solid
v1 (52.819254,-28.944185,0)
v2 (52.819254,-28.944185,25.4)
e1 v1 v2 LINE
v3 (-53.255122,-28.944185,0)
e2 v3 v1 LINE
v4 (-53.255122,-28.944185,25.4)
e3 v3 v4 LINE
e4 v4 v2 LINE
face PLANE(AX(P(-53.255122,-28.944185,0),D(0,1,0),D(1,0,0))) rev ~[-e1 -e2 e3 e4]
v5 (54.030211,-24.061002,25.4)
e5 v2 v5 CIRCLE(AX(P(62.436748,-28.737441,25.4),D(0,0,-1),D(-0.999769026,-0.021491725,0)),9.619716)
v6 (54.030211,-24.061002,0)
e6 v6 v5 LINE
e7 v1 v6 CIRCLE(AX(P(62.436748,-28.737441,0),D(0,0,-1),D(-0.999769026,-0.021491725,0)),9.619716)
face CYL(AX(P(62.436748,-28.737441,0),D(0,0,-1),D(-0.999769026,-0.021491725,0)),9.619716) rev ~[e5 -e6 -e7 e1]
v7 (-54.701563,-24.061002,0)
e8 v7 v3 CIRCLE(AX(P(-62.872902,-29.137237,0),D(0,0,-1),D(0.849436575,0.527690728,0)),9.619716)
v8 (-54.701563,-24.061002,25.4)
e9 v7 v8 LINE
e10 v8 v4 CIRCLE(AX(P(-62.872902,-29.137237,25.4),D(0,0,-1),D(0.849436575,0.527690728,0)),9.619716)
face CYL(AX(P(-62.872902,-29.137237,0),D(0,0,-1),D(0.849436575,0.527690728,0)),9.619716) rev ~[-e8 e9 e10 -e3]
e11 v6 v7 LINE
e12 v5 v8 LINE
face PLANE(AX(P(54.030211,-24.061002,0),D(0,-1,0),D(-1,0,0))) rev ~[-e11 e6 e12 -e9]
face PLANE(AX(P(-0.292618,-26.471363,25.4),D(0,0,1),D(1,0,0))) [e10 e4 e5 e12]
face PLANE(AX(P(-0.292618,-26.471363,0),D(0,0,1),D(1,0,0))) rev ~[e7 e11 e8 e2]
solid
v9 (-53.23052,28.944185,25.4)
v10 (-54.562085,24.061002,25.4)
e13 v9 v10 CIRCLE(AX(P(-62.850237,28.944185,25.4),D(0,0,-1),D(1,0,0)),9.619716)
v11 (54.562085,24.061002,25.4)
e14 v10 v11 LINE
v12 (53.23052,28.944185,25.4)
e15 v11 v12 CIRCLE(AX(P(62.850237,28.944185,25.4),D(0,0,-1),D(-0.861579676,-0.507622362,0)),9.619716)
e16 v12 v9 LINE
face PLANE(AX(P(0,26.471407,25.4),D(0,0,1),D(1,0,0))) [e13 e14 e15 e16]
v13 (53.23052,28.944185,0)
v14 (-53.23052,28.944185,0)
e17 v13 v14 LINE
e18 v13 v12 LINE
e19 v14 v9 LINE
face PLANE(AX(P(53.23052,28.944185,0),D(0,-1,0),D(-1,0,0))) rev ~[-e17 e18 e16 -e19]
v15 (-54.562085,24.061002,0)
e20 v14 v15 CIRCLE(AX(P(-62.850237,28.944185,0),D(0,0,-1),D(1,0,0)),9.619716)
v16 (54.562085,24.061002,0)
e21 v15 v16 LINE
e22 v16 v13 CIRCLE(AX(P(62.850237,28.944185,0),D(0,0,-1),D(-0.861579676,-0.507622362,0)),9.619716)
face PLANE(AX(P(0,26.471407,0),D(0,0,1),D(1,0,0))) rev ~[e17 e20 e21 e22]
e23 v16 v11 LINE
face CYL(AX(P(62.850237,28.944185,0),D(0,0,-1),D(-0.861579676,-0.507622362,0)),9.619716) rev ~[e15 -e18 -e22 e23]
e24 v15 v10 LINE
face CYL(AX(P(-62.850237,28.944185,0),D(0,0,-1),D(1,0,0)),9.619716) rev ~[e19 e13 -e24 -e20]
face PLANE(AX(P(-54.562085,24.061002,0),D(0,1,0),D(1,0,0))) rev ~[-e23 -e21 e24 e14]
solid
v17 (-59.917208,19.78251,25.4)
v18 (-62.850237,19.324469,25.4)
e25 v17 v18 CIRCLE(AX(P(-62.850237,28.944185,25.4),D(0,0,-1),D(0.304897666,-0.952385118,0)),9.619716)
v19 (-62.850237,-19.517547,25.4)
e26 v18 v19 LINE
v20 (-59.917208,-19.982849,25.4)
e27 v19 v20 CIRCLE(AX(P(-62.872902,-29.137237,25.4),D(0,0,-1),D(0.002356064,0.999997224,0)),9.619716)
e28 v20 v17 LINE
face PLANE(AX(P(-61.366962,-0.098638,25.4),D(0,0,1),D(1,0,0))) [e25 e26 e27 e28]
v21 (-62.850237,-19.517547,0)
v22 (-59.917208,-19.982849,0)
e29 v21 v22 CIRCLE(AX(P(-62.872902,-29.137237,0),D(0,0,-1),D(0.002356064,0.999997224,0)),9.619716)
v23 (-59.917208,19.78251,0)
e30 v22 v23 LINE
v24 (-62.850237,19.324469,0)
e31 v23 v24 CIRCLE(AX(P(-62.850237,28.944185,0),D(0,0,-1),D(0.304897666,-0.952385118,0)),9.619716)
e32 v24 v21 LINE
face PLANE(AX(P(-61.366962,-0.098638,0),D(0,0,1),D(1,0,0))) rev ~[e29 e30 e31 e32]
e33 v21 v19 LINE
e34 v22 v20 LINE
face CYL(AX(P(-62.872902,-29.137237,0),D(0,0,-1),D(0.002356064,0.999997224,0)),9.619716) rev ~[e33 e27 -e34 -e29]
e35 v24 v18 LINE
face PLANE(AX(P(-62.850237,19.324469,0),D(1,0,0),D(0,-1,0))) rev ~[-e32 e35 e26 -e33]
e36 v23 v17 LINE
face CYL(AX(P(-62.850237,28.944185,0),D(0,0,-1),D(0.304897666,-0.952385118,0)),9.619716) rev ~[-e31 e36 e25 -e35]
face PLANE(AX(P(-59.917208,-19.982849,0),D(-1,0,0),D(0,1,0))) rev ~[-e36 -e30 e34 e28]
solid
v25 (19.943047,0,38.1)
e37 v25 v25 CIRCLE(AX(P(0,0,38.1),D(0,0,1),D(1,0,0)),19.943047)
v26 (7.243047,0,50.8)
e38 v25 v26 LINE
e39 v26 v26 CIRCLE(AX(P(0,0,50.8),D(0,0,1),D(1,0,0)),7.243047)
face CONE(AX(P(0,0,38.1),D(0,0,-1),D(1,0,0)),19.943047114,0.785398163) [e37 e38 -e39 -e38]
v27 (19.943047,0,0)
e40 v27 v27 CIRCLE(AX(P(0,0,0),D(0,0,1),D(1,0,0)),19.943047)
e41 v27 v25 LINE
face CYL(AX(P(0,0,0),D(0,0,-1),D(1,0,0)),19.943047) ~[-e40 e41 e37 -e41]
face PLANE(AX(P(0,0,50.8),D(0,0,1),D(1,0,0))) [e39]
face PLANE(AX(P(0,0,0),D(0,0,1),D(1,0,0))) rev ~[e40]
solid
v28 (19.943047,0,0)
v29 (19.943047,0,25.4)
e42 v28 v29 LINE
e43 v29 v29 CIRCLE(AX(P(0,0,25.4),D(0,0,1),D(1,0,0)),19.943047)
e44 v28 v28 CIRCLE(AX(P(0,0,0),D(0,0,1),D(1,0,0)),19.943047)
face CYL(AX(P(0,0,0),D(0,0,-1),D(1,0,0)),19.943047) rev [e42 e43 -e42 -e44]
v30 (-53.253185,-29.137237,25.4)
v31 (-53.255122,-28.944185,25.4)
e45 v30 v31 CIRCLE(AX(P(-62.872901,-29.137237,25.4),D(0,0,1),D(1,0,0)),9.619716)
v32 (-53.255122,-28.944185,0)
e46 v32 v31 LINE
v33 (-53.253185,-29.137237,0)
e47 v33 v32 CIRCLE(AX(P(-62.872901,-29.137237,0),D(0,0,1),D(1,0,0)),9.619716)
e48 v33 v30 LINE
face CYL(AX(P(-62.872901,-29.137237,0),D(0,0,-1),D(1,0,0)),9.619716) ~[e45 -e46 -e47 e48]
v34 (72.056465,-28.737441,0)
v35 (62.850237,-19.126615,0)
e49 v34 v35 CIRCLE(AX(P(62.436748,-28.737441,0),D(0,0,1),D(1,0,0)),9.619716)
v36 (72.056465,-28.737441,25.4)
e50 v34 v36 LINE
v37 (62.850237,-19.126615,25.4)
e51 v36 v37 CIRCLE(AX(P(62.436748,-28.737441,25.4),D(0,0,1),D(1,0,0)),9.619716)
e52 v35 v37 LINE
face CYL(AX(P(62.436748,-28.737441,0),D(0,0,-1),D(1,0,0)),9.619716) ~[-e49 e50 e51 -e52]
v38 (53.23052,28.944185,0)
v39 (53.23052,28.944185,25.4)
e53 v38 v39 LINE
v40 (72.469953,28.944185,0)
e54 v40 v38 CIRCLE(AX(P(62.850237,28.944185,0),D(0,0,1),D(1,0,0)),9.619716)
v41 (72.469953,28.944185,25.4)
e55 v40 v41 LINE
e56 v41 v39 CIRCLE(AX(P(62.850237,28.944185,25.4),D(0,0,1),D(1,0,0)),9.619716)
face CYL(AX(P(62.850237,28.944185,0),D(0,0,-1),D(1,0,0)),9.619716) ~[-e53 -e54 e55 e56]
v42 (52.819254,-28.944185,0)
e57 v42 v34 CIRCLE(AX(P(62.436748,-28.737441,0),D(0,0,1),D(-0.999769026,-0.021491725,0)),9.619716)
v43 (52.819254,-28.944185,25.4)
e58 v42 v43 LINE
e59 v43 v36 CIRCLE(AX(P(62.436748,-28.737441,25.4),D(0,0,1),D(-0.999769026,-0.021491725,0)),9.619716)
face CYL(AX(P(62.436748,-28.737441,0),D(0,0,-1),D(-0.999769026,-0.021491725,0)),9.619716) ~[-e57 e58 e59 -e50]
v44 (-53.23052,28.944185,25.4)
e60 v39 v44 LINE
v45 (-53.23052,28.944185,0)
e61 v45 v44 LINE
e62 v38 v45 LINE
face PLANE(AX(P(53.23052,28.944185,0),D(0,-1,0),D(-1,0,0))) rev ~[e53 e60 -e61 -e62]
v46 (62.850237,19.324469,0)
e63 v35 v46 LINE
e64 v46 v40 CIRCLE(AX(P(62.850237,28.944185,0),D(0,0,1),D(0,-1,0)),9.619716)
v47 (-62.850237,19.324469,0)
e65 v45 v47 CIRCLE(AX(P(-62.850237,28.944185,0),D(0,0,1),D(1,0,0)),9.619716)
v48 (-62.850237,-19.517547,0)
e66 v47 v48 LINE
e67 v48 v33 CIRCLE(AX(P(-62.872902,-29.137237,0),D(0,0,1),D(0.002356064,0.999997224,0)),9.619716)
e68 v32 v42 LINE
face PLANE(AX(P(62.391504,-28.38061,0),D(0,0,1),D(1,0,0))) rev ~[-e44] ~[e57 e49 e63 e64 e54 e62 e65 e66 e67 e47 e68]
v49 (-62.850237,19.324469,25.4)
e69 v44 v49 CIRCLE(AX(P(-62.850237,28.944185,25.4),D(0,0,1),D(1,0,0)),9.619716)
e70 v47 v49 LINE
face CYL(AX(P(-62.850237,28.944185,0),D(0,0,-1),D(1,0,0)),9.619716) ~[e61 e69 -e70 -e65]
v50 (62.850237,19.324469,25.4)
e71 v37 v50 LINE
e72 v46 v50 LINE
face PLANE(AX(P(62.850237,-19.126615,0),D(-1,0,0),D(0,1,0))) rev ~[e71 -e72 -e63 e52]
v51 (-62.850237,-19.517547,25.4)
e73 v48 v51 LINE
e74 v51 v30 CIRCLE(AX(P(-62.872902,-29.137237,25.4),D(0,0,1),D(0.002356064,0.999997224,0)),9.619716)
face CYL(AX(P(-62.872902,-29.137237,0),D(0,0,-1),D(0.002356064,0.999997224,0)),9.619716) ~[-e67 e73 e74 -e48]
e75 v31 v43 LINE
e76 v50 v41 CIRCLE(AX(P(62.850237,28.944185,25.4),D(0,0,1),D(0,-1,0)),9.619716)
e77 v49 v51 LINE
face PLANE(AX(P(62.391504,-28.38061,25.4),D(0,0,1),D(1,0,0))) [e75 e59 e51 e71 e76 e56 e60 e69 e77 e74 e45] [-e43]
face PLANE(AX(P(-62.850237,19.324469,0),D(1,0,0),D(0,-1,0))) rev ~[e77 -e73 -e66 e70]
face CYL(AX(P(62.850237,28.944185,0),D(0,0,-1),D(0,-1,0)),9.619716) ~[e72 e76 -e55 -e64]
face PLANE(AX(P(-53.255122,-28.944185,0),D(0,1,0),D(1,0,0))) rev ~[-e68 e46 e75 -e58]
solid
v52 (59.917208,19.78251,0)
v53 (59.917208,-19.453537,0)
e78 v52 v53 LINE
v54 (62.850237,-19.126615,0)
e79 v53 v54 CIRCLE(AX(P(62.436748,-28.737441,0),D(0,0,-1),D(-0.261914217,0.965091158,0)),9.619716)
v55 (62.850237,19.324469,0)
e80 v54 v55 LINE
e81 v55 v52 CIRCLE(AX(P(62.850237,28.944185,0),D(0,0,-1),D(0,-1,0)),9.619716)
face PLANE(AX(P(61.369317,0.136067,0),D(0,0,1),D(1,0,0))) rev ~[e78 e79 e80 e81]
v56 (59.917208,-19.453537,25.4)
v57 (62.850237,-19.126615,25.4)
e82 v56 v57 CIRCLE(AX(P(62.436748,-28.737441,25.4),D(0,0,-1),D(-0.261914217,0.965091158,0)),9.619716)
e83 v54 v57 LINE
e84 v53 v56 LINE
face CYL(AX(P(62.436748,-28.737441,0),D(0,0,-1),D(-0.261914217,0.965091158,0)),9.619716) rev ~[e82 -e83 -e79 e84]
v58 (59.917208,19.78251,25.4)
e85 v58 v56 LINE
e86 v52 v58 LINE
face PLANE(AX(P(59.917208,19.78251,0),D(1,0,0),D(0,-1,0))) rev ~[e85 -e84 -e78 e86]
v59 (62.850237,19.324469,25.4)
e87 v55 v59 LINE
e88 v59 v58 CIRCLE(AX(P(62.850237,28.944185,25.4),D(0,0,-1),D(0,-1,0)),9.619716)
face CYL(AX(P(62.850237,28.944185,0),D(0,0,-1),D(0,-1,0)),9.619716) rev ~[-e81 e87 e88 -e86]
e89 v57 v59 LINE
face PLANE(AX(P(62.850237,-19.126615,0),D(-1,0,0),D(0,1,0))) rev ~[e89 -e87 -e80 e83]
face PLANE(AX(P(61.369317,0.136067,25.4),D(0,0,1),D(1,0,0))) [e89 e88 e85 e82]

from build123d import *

# Parameters (mm, degrees)
F1_DEPTH = 25.4
F0_R     = 19.9430471138
F2_DEPTH = 50.8
F3_SIZE  = 12.7
F4_DEPTH = 25.4


with BuildPart() as f1:
    # F0 (on Top) → F1 (new body)
    with BuildSketch(Plane.XY):
        with BuildLine():
            ThreePointArc((-59.9172078073, 19.7825102522), (-61.3659473506, 19.4396687918), (-62.8502368927, 19.3244685906))
            Line((-62.8502368927, 19.3244685906), (-62.8502368927, -19.5175472842))
            ThreePointArc((-62.8502368927, -19.5175472842), (-61.3656586606, -19.6363337398), (-59.9172078073, -19.9828490707))
            Line((-59.9172078073, -19.9828490707), (-59.9172078073, 19.7825102522))
        make_face()
    extrude(amount=F1_DEPTH)


with BuildPart() as f1b:
    # F0 (on Top) → F1, piece 2 (new body)
    with BuildSketch(Plane.XY):
        with BuildLine():
            ThreePointArc((52.8192537854, -28.9441850036), (53.0998431919, -26.4220256358), (54.0302113527, -24.0610018373))
            Line((54.0302113527, -24.0610018373), (-54.7015625949, -24.0610018373))
            ThreePointArc((-54.7015625949, -24.0610018373), (-53.6493149559, -26.4051326723), (-53.25512246, -28.9441850036))
            Line((-53.25512246, -28.9441850036), (52.8192537854, -28.9441850036))
        make_face()
    extrude(amount=F1_DEPTH)


with BuildPart() as f1c:
    # F0 (on Top) → F1, piece 3 (new body)
    with BuildSketch(Plane.XY):
        with BuildLine():
            Line((62.8502368927, -19.1266149839), (62.8502368927, 19.3244685906))
            ThreePointArc((62.8502368927, 19.3244685906), (61.3659473506, 19.4396687918), (59.9172078073, 19.7825102522))
            Line((59.9172078073, 19.7825102522), (59.9172078073, -19.4535374533))
            ThreePointArc((59.9172078073, -19.4535374533), (61.3711108257, -19.1769302248), (62.8502368927, -19.1266149839))
        make_face()
    extrude(amount=F1_DEPTH)


with BuildPart() as f1d:
    # F0 (on Top) → F1, piece 4 (new body)
    with BuildSketch(Plane.XY):
        with BuildLine():
            ThreePointArc((54.5620847446, 24.0610018373), (53.5693797901, 26.4134469083), (53.2305204797, 28.9441850036))
            Line((53.2305204797, 28.9441850036), (-53.2305204797, 28.9441850036))
            ThreePointArc((-53.2305204797, 28.9441850036), (-53.5693797901, 26.4134469083), (-54.5620847446, 24.0610018373))
            Line((-54.5620847446, 24.0610018373), (54.5620847446, 24.0610018373))
        make_face()
    extrude(amount=F1_DEPTH)


with BuildPart() as f2:
    # F0 (on Top) → F2 (new body)
    with BuildSketch(Plane.XY):
        Circle(F0_R)
    extrude(amount=F2_DEPTH)

    # F3
    f3_edges = [f2.edges().sort_by_distance(p)[0] for p in [
        (-19.943047, 0, 50.8),
    ]]
    chamfer(f3_edges, length=F3_SIZE)


with BuildPart() as f4:
    # F0 (on Top) → F4 (new body)
    with BuildSketch(Plane.XY):
        with BuildLine():
            ThreePointArc((72.056464709, -28.7374407053), (69.3835672409, -22.0830699301), (62.8502368927, -19.1266149839))
            ThreePointArc((62.8502368927, -19.1266149839), (61.3711108257, -19.1769302248), (59.9172078073, -19.4535374533))
            ThreePointArc((59.9172078073, -19.4535374533), (56.507838276, -21.1620219155), (54.0302113527, -24.0610018373))
            ThreePointArc((54.0302113527, -24.0610018373), (53.0998431919, -26.4220256358), (52.8192537854, -28.9441850036))
            ThreePointArc((52.8192537854, -28.9441850036), (62.5401264148, -38.3566016267), (72.056464709, -28.7374407053))
        make_face()
        with BuildLine():
            ThreePointArc((54.5620847446, 24.0610018373), (53.5693797901, 26.4134469083), (53.2305204797, 28.9441850036))
            Line((53.2305204797, 28.9441850036), (-53.2305204797, 28.9441850036))
            ThreePointArc((-53.2305204797, 28.9441850036), (-53.5693797901, 26.4134469083), (-54.5620847446, 24.0610018373))
            Line((-54.5620847446, 24.0610018373), (54.5620847446, 24.0610018373))
        make_face()
        with BuildLine():
            ThreePointArc((72.4699533057, 28.9441850036), (62.8502368927, 38.5639014166), (53.2305204797, 28.9441850036))
            ThreePointArc((53.2305204797, 28.9441850036), (53.5693797901, 26.4134469083), (54.5620847446, 24.0610018373))
            ThreePointArc((54.5620847446, 24.0610018373), (56.8456470125, 21.4286115567), (59.9172078073, 19.7825102522))
            ThreePointArc((59.9172078073, 19.7825102522), (61.3659473506, 19.4396687918), (62.8502368927, 19.3244685906))
            ThreePointArc((62.8502368927, 19.3244685906), (69.6524036014, 22.1420182949), (72.4699533057, 28.9441850036))
        make_face()
        with BuildLine():
            ThreePointArc((-54.5620847446, 24.0610018373), (-53.5693797901, 26.4134469083), (-53.2305204797, 28.9441850036))
            ThreePointArc((-53.2305204797, 28.9441850036), (-69.6524036014, 35.7463517124), (-62.8502368927, 19.3244685906))
            ThreePointArc((-62.8502368927, 19.3244685906), (-61.3659473506, 19.4396687918), (-59.9172078073, 19.7825102522))
            Line((-59.9172078073, 19.7825102522), (-59.9172078073, -19.9828490707))
            ThreePointArc((-59.9172078073, -19.9828490707), (-56.947486235, -21.5590843792), (-54.7015625949, -24.0610018373))
            Line((-54.7015625949, -24.0610018373), (54.0302113527, -24.0610018373))
            ThreePointArc((54.0302113527, -24.0610018373), (56.507838276, -21.1620219155), (59.9172078073, -19.4535374533))
            Line((59.9172078073, -19.4535374533), (59.9172078073, 19.7825102522))
            ThreePointArc((59.9172078073, 19.7825102522), (56.8456470125, 21.4286115567), (54.5620847446, 24.0610018373))
            Line((54.5620847446, 24.0610018373), (-54.5620847446, 24.0610018373))
        make_face()
        Circle(F0_R, mode=Mode.SUBTRACT)
        with BuildLine():
            ThreePointArc((-59.9172078073, 19.7825102522), (-61.3659473506, 19.4396687918), (-62.8502368927, 19.3244685906))
            Line((-62.8502368927, 19.3244685906), (-62.8502368927, -19.5175472842))
            ThreePointArc((-62.8502368927, -19.5175472842), (-61.3656586606, -19.6363337398), (-59.9172078073, -19.9828490707))
            Line((-59.9172078073, -19.9828490707), (-59.9172078073, 19.7825102522))
        make_face()
        with BuildLine():
            Line((62.8502368927, -19.1266149839), (62.8502368927, 19.3244685906))
            ThreePointArc((62.8502368927, 19.3244685906), (61.3659473506, 19.4396687918), (59.9172078073, 19.7825102522))
            Line((59.9172078073, 19.7825102522), (59.9172078073, -19.4535374533))
            ThreePointArc((59.9172078073, -19.4535374533), (61.3711108257, -19.1769302248), (62.8502368927, -19.1266149839))
        make_face()
        with BuildLine():
            ThreePointArc((-59.9172078073, -19.9828490707), (-61.3656586606, -19.6363337398), (-62.8502368927, -19.5175472842))
            ThreePointArc((-62.8502368927, -19.5175472842), (-69.6830767228, -35.9313858112), (-53.2531851459, -29.1372369975))
            ThreePointArc((-53.2531851459, -29.1372369975), (-53.2536694866, -29.0407061404), (-53.25512246, -28.9441850036))
            ThreePointArc((-53.25512246, -28.9441850036), (-53.6493149559, -26.4051326723), (-54.7015625949, -24.0610018373))
            ThreePointArc((-54.7015625949, -24.0610018373), (-56.947486235, -21.5590843792), (-59.9172078073, -19.9828490707))
        make_face()
        with BuildLine():
            ThreePointArc((52.8192537854, -28.9441850036), (53.0998431919, -26.4220256358), (54.0302113527, -24.0610018373))
            Line((54.0302113527, -24.0610018373), (-54.7015625949, -24.0610018373))
            ThreePointArc((-54.7015625949, -24.0610018373), (-53.6493149559, -26.4051326723), (-53.25512246, -28.9441850036))
            Line((-53.25512246, -28.9441850036), (52.8192537854, -28.9441850036))
        make_face()
    extrude(amount=F4_DEPTH)


solid = Compound([f1.part, f1b.part, f1c.part, f1d.part, f2.part, f4.part])
